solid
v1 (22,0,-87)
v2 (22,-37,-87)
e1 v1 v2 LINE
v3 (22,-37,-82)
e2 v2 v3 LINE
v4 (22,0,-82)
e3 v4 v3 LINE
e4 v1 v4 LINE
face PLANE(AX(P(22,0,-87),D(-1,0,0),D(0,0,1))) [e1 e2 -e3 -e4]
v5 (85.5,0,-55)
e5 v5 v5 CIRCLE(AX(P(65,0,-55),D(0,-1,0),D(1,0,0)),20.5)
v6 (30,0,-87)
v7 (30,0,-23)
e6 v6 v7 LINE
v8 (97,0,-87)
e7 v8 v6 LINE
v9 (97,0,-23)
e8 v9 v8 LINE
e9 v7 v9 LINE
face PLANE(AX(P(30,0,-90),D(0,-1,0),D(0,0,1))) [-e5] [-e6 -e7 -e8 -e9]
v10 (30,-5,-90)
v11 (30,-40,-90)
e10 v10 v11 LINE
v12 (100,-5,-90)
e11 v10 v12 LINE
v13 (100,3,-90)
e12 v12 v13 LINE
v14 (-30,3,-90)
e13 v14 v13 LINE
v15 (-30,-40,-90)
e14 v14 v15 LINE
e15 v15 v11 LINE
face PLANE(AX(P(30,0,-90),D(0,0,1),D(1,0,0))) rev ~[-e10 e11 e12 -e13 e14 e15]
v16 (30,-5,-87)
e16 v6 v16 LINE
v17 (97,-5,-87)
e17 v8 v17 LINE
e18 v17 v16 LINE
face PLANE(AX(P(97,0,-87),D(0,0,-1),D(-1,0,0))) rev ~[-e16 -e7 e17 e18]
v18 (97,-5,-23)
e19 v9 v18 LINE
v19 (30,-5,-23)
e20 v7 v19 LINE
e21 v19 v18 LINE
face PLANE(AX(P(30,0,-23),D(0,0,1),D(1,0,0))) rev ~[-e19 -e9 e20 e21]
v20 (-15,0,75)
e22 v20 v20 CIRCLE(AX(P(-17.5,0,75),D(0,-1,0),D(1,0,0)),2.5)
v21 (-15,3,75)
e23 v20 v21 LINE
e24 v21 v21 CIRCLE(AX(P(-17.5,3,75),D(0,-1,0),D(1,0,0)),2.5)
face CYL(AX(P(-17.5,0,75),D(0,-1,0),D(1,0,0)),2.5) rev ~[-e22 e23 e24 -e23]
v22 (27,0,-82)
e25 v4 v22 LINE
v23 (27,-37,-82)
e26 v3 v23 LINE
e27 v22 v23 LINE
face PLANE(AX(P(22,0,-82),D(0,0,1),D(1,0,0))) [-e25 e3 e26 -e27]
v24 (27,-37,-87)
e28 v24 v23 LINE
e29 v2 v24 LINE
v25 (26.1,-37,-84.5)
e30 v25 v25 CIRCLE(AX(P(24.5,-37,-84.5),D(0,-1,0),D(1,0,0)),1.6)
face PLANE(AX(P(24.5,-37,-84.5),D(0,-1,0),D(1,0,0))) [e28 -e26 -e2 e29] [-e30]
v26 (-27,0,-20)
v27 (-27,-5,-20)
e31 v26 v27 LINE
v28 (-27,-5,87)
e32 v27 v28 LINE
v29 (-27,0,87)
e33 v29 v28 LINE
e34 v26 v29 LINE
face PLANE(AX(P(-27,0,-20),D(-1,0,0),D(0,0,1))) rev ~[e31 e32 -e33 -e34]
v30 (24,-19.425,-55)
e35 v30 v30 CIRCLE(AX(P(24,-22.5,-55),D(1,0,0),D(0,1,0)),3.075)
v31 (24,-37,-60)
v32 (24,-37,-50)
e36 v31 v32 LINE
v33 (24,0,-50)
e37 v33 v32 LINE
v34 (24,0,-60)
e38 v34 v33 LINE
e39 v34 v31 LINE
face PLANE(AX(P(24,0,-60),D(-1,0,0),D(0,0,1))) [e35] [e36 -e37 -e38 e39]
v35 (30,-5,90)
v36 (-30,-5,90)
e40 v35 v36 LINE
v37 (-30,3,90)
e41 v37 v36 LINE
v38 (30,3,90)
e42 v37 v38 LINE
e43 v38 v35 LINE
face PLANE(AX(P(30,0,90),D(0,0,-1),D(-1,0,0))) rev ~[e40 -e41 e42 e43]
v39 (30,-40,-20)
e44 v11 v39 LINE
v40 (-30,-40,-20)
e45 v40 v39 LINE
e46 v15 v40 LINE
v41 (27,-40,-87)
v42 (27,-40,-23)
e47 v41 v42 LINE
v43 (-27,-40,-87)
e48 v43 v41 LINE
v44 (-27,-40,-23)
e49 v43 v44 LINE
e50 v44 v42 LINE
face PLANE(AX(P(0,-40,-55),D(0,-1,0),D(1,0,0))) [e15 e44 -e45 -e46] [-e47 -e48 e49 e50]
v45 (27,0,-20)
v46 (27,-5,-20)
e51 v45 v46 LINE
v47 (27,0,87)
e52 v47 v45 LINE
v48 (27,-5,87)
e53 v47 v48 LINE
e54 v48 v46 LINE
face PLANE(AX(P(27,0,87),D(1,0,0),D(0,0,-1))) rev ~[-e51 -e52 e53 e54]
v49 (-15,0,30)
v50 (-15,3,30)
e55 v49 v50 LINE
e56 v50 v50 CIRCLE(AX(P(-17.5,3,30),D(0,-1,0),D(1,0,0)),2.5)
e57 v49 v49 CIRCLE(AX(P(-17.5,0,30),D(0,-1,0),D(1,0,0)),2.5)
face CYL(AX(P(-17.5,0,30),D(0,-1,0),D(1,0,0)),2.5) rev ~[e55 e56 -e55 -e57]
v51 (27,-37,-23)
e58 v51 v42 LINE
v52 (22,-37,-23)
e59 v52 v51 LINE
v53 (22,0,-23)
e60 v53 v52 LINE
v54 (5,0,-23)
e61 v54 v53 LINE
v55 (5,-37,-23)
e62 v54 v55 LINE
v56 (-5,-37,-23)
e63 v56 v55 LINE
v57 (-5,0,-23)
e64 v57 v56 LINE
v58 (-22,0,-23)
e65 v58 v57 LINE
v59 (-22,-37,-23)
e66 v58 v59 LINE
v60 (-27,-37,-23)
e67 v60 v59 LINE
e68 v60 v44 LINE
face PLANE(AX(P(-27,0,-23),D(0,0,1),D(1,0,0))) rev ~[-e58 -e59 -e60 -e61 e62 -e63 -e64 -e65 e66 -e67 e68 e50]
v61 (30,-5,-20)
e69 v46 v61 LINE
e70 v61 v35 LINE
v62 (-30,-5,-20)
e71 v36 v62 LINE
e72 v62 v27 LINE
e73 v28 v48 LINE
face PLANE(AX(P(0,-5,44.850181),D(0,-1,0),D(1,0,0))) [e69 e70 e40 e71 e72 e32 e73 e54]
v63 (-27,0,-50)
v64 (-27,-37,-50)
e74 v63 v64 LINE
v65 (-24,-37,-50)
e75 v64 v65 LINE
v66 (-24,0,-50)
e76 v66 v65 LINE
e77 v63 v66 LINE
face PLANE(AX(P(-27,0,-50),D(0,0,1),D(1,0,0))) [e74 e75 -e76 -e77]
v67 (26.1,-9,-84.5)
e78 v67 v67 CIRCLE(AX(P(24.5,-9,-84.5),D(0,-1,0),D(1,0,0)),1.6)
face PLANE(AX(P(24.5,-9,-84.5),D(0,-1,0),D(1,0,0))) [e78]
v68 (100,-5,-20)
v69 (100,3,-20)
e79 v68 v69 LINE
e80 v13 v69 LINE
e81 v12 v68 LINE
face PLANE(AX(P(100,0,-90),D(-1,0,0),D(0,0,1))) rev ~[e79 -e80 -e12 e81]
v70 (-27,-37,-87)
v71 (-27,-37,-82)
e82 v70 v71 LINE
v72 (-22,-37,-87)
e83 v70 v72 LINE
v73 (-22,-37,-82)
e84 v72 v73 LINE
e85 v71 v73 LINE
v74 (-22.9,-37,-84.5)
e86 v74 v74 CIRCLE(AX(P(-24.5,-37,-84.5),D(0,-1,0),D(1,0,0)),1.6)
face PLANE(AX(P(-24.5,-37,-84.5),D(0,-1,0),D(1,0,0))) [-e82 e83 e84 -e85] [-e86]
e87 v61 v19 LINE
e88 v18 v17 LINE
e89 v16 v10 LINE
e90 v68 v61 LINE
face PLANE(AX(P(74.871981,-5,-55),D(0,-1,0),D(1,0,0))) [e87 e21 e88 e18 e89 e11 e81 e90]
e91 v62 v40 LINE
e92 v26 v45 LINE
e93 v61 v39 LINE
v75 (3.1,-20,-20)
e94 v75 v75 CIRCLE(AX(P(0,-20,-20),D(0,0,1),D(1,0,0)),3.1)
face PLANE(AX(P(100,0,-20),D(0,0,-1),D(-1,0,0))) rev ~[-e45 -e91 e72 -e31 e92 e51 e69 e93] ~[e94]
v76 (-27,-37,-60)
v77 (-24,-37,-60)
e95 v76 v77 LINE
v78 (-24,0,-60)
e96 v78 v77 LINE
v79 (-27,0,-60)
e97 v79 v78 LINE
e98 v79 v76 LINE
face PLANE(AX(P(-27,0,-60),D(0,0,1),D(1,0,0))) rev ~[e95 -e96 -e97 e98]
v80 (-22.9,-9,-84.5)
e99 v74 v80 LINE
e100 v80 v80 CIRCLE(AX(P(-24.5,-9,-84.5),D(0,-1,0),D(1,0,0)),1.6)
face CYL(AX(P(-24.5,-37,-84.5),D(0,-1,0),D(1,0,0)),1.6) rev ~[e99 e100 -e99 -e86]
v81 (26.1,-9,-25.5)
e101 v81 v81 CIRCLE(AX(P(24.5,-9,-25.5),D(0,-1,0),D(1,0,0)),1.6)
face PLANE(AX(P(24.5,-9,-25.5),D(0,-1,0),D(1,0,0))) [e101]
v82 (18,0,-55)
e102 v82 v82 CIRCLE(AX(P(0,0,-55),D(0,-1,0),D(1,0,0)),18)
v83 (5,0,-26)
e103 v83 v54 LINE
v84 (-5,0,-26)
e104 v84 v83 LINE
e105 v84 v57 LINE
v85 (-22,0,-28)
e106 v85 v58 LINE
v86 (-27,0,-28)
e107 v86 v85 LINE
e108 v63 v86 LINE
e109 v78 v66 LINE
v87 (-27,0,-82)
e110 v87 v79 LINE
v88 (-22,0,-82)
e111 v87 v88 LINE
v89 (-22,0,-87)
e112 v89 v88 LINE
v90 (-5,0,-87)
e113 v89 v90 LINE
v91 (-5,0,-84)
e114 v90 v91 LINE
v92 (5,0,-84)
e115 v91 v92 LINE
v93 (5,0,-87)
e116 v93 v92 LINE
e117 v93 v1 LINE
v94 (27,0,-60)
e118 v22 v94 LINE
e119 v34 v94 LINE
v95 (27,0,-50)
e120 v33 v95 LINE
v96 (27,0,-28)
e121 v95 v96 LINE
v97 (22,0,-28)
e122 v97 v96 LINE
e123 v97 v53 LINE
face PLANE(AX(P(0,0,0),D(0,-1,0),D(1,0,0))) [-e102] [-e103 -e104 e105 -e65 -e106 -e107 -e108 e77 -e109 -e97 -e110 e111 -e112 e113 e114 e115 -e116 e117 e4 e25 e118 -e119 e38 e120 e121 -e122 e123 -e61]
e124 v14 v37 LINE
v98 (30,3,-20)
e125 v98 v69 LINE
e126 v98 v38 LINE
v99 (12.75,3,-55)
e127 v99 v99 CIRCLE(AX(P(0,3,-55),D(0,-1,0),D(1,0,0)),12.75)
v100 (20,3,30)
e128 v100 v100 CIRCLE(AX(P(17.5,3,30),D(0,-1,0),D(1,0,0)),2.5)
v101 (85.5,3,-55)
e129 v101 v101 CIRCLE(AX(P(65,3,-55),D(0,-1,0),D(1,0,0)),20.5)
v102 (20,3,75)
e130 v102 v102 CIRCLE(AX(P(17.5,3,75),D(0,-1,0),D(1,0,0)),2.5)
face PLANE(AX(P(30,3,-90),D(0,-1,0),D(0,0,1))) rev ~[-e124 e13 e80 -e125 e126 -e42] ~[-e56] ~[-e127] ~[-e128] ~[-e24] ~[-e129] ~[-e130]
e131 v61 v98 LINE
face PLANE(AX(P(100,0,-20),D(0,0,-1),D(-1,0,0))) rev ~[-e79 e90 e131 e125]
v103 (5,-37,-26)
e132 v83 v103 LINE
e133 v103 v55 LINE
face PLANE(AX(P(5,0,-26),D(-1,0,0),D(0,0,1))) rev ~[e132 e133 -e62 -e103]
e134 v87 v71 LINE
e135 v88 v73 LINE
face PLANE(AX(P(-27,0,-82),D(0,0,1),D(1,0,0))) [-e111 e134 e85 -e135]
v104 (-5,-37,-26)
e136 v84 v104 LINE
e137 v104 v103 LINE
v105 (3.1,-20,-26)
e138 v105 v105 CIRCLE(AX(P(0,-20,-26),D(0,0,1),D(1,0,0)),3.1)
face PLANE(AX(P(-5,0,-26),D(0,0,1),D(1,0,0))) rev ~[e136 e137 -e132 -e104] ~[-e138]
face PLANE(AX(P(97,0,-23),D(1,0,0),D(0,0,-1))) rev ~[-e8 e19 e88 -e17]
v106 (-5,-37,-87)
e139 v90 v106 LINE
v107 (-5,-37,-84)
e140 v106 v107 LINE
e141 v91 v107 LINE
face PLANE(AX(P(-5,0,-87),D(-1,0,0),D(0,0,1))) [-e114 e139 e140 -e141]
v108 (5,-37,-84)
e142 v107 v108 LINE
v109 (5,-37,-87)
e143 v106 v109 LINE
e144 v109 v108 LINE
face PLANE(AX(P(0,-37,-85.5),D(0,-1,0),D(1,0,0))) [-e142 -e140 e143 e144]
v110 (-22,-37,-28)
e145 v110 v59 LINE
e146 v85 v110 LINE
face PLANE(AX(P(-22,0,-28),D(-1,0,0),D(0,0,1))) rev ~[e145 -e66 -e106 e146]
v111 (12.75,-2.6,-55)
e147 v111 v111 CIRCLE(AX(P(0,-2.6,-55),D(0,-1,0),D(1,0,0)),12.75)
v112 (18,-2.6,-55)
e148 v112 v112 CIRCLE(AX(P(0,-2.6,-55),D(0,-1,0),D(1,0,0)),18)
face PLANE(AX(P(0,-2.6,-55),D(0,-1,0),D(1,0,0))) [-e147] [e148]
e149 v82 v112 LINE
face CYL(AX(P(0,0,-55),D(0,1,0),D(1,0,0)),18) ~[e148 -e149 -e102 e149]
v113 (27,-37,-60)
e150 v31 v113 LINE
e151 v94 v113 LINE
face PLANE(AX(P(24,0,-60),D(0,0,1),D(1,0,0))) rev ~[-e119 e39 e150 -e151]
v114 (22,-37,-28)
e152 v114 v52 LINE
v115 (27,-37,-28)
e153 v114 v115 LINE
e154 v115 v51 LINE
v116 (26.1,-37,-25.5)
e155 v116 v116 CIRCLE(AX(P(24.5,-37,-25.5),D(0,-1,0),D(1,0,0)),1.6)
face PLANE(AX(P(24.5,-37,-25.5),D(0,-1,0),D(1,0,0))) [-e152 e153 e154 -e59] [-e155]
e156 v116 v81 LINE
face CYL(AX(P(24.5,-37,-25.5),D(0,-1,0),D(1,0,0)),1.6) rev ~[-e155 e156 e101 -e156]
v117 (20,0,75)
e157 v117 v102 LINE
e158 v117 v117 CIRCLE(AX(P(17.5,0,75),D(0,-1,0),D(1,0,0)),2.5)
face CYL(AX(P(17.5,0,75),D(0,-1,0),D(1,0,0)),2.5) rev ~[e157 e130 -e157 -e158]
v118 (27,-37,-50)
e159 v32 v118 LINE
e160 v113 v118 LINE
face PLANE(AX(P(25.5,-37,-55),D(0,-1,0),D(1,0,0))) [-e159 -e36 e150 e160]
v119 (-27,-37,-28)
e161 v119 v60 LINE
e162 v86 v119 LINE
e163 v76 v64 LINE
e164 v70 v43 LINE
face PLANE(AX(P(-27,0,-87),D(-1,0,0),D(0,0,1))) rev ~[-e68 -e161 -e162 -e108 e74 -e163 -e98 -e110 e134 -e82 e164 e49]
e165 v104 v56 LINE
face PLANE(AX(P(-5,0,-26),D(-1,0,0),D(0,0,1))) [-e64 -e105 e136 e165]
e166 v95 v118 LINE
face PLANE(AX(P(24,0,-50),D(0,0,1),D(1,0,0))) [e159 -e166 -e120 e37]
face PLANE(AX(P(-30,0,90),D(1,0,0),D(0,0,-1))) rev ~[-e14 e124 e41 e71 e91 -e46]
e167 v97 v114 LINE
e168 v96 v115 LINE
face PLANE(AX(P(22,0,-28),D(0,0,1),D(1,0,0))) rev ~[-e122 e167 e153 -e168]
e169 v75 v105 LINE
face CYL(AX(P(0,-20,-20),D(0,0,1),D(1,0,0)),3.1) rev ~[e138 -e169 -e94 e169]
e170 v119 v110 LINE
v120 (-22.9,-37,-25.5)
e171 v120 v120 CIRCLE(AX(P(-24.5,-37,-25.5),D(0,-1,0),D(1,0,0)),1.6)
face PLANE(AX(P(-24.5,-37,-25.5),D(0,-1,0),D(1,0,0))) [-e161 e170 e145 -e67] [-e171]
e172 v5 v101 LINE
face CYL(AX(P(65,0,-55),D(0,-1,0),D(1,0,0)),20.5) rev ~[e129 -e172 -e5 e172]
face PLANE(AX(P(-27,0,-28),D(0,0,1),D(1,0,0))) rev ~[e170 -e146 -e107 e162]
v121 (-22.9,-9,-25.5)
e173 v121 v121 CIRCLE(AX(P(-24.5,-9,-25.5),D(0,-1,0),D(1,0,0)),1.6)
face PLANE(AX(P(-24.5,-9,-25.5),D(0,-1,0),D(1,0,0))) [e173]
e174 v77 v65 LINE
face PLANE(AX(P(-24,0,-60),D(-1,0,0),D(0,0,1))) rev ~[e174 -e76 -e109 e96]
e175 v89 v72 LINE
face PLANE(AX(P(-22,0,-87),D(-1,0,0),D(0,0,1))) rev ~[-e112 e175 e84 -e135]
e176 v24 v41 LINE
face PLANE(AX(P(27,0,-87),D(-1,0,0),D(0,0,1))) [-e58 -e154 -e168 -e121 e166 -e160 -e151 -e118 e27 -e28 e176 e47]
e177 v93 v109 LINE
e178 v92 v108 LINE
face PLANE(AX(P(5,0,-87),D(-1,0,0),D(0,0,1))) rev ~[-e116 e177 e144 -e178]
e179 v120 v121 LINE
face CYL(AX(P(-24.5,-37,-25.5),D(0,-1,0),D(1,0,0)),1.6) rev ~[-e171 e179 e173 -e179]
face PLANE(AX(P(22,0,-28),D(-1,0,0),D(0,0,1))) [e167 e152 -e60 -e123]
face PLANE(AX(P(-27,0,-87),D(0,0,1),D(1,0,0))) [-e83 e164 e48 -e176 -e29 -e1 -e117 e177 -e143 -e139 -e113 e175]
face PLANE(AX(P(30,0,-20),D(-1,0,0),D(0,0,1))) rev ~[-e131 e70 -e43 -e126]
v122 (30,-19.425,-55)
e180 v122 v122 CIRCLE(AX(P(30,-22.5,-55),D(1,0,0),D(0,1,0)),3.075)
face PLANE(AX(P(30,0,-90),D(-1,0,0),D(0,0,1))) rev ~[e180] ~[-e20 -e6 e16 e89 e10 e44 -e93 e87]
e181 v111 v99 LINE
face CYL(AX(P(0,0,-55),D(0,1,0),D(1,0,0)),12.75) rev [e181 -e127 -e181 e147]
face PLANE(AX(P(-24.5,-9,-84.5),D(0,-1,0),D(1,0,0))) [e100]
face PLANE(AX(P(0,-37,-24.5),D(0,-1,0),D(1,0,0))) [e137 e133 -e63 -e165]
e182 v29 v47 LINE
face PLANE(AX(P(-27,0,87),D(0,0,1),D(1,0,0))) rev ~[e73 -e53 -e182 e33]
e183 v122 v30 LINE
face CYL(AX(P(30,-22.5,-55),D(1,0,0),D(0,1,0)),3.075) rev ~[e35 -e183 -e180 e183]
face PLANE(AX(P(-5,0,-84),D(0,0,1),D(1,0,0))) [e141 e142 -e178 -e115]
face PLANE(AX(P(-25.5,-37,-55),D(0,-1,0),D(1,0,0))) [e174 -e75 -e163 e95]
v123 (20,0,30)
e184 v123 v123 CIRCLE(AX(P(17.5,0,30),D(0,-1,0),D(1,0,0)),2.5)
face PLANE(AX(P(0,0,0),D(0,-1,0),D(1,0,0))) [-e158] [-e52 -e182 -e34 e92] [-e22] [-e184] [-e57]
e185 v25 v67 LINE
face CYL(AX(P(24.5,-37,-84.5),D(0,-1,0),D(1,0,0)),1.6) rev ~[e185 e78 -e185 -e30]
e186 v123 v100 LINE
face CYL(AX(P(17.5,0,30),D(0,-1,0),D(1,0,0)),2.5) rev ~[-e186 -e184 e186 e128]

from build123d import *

# Parameters (mm, degrees)
F0_W      = 60
F0_H      = 180
F0_R      = 12.75
F0_R_2    = 2.5
F1_DEPTH  = 3
F2_R      = 18
F2_R_2    = 12.75
F3_DEPTH  = 2.6
F4_W      = 60
F4_H      = 70
F4_W_2    = 54
F4_H_2    = 64
F5_DEPTH  = 40
F6_W      = 5
F6_H      = 5
F6_W_2    = 10
F6_H_2    = 3
F6_W_3    = 3
F6_H_3    = 10
F7_DEPTH  = 37
F8_R      = 1.6
F9_DEPTH  = 28
F10_W     = 3
F10_H     = 70
F11_DEPTH = 70
F13_R     = 20.5
F14_DEPTH = 3
F16_DEPTH = 5
F17_R     = 3.075
F18_DEPTH = 6
F19_R     = 3.1
F20_DEPTH = 6
F22_DEPTH = 5


with BuildPart() as f1:
    # F0 (on Front) → F1 (new body)
    with BuildSketch(Plane.XZ):
        Rectangle(F0_W, F0_H)
        with Locations((0, -55)):
            Circle(F0_R, mode=Mode.SUBTRACT)
        with Locations((-17.5, 30)):
            Circle(F0_R_2, mode=Mode.SUBTRACT)
        with Locations((-17.5, 75)):
            Circle(F0_R_2, mode=Mode.SUBTRACT)
        with Locations((17.5, 30)):
            Circle(F0_R_2, mode=Mode.SUBTRACT)
        with Locations((17.5, 75)):
            Circle(F0_R_2, mode=Mode.SUBTRACT)
    extrude(amount=-F1_DEPTH)

    # F2 (on face) → F3 (join)
    with BuildSketch(Plane.XZ):
        with Locations((0, -55)):
            Circle(F2_R)
        with Locations((0, -55)):
            Circle(F2_R_2, mode=Mode.SUBTRACT)
    extrude(amount=F3_DEPTH)

    # F4 (on face) → F5 (join)
    with BuildSketch(Plane.XZ):
        with Locations((0, -55)):
            Rectangle(F4_W, F4_H)
        with Locations((0, -55)):
            Rectangle(F4_W_2, F4_H_2, mode=Mode.SUBTRACT)
    extrude(amount=F5_DEPTH)

    # F6 (on face) → F7 (join)
    with BuildSketch(Plane.XZ):
        with Locations((-24.5, -25.5)):
            Rectangle(F6_W, F6_H)
        with Locations((0, -24.5)):
            Rectangle(F6_W_2, F6_H_2)
        with Locations((24.5, -25.5)):
            Rectangle(F6_W, F6_H)
        with Locations((25.5, -55)):
            Rectangle(F6_W_3, F6_H_3)
        with Locations((-25.5, -55)):
            Rectangle(F6_W_3, F6_H_3)
        with Locations((24.5, -84.5)):
            Rectangle(F6_W, F6_H)
        with Locations((0, -85.5)):
            Rectangle(F6_W_2, F6_H_2)
        with Locations((-24.5, -84.5)):
            Rectangle(F6_W, F6_H)
    extrude(amount=F7_DEPTH)

    # F8 (on face) → F9 (cut)
    with BuildSketch(Plane.XZ.offset(37)):
        with Locations((24.5, -25.5)):
            Circle(F8_R)
        with Locations((-24.5, -25.5)):
            Circle(F8_R)
        with Locations((24.5, -84.5)):
            Circle(F8_R)
        with Locations((-24.5, -84.5)):
            Circle(F8_R)
    extrude(amount=-F9_DEPTH, mode=Mode.SUBTRACT)

    # F10 (on face) → F11 (join)
    with BuildSketch(Plane.YZ.offset(30)):
        with Locations((1.5, -55)):
            Rectangle(F10_W, F10_H)
    extrude(amount=F11_DEPTH)

    # F13 (on face) → F14 (cut, through all)
    with BuildSketch(Plane.XZ):
        with Locations((65, -55)):
            Circle(F13_R)
    extrude(amount=-F14_DEPTH, mode=Mode.SUBTRACT)

    # F15 (on face) → F16 (join)
    with BuildSketch(Plane.XZ):
        Polygon((100, -20), (30, -20), (30, -23), (97, -23), (97, -87), (30, -87), (30, -90), (100, -90), (100, -87), (100, -23), align=None)
    extrude(amount=F16_DEPTH)

    # F17 (on face) → F18 (cut, through all)
    with BuildSketch(Plane.YZ.offset(30)):
        with Locations((-22.5, -55)):
            Circle(F17_R)
    extrude(amount=-F18_DEPTH, mode=Mode.SUBTRACT)

    # F19 (on face) → F20 (cut, through all)
    with BuildSketch(Plane.XY.offset(-20)):
        with Locations((0, -20)):
            Circle(F19_R)
    extrude(amount=-F20_DEPTH, mode=Mode.SUBTRACT)

    # F21 (on face) → F22 (join)
    with BuildSketch(Plane.XZ):
        Polygon((30, -20), (30, 90), (27, 90), (21.684641, 90), (-27, 90), (-30, 90), (-30, -20), (-27, -20), (-27, 87), (27, 87), (27, -20), align=None)
    extrude(amount=F22_DEPTH)


solid = f1.part
